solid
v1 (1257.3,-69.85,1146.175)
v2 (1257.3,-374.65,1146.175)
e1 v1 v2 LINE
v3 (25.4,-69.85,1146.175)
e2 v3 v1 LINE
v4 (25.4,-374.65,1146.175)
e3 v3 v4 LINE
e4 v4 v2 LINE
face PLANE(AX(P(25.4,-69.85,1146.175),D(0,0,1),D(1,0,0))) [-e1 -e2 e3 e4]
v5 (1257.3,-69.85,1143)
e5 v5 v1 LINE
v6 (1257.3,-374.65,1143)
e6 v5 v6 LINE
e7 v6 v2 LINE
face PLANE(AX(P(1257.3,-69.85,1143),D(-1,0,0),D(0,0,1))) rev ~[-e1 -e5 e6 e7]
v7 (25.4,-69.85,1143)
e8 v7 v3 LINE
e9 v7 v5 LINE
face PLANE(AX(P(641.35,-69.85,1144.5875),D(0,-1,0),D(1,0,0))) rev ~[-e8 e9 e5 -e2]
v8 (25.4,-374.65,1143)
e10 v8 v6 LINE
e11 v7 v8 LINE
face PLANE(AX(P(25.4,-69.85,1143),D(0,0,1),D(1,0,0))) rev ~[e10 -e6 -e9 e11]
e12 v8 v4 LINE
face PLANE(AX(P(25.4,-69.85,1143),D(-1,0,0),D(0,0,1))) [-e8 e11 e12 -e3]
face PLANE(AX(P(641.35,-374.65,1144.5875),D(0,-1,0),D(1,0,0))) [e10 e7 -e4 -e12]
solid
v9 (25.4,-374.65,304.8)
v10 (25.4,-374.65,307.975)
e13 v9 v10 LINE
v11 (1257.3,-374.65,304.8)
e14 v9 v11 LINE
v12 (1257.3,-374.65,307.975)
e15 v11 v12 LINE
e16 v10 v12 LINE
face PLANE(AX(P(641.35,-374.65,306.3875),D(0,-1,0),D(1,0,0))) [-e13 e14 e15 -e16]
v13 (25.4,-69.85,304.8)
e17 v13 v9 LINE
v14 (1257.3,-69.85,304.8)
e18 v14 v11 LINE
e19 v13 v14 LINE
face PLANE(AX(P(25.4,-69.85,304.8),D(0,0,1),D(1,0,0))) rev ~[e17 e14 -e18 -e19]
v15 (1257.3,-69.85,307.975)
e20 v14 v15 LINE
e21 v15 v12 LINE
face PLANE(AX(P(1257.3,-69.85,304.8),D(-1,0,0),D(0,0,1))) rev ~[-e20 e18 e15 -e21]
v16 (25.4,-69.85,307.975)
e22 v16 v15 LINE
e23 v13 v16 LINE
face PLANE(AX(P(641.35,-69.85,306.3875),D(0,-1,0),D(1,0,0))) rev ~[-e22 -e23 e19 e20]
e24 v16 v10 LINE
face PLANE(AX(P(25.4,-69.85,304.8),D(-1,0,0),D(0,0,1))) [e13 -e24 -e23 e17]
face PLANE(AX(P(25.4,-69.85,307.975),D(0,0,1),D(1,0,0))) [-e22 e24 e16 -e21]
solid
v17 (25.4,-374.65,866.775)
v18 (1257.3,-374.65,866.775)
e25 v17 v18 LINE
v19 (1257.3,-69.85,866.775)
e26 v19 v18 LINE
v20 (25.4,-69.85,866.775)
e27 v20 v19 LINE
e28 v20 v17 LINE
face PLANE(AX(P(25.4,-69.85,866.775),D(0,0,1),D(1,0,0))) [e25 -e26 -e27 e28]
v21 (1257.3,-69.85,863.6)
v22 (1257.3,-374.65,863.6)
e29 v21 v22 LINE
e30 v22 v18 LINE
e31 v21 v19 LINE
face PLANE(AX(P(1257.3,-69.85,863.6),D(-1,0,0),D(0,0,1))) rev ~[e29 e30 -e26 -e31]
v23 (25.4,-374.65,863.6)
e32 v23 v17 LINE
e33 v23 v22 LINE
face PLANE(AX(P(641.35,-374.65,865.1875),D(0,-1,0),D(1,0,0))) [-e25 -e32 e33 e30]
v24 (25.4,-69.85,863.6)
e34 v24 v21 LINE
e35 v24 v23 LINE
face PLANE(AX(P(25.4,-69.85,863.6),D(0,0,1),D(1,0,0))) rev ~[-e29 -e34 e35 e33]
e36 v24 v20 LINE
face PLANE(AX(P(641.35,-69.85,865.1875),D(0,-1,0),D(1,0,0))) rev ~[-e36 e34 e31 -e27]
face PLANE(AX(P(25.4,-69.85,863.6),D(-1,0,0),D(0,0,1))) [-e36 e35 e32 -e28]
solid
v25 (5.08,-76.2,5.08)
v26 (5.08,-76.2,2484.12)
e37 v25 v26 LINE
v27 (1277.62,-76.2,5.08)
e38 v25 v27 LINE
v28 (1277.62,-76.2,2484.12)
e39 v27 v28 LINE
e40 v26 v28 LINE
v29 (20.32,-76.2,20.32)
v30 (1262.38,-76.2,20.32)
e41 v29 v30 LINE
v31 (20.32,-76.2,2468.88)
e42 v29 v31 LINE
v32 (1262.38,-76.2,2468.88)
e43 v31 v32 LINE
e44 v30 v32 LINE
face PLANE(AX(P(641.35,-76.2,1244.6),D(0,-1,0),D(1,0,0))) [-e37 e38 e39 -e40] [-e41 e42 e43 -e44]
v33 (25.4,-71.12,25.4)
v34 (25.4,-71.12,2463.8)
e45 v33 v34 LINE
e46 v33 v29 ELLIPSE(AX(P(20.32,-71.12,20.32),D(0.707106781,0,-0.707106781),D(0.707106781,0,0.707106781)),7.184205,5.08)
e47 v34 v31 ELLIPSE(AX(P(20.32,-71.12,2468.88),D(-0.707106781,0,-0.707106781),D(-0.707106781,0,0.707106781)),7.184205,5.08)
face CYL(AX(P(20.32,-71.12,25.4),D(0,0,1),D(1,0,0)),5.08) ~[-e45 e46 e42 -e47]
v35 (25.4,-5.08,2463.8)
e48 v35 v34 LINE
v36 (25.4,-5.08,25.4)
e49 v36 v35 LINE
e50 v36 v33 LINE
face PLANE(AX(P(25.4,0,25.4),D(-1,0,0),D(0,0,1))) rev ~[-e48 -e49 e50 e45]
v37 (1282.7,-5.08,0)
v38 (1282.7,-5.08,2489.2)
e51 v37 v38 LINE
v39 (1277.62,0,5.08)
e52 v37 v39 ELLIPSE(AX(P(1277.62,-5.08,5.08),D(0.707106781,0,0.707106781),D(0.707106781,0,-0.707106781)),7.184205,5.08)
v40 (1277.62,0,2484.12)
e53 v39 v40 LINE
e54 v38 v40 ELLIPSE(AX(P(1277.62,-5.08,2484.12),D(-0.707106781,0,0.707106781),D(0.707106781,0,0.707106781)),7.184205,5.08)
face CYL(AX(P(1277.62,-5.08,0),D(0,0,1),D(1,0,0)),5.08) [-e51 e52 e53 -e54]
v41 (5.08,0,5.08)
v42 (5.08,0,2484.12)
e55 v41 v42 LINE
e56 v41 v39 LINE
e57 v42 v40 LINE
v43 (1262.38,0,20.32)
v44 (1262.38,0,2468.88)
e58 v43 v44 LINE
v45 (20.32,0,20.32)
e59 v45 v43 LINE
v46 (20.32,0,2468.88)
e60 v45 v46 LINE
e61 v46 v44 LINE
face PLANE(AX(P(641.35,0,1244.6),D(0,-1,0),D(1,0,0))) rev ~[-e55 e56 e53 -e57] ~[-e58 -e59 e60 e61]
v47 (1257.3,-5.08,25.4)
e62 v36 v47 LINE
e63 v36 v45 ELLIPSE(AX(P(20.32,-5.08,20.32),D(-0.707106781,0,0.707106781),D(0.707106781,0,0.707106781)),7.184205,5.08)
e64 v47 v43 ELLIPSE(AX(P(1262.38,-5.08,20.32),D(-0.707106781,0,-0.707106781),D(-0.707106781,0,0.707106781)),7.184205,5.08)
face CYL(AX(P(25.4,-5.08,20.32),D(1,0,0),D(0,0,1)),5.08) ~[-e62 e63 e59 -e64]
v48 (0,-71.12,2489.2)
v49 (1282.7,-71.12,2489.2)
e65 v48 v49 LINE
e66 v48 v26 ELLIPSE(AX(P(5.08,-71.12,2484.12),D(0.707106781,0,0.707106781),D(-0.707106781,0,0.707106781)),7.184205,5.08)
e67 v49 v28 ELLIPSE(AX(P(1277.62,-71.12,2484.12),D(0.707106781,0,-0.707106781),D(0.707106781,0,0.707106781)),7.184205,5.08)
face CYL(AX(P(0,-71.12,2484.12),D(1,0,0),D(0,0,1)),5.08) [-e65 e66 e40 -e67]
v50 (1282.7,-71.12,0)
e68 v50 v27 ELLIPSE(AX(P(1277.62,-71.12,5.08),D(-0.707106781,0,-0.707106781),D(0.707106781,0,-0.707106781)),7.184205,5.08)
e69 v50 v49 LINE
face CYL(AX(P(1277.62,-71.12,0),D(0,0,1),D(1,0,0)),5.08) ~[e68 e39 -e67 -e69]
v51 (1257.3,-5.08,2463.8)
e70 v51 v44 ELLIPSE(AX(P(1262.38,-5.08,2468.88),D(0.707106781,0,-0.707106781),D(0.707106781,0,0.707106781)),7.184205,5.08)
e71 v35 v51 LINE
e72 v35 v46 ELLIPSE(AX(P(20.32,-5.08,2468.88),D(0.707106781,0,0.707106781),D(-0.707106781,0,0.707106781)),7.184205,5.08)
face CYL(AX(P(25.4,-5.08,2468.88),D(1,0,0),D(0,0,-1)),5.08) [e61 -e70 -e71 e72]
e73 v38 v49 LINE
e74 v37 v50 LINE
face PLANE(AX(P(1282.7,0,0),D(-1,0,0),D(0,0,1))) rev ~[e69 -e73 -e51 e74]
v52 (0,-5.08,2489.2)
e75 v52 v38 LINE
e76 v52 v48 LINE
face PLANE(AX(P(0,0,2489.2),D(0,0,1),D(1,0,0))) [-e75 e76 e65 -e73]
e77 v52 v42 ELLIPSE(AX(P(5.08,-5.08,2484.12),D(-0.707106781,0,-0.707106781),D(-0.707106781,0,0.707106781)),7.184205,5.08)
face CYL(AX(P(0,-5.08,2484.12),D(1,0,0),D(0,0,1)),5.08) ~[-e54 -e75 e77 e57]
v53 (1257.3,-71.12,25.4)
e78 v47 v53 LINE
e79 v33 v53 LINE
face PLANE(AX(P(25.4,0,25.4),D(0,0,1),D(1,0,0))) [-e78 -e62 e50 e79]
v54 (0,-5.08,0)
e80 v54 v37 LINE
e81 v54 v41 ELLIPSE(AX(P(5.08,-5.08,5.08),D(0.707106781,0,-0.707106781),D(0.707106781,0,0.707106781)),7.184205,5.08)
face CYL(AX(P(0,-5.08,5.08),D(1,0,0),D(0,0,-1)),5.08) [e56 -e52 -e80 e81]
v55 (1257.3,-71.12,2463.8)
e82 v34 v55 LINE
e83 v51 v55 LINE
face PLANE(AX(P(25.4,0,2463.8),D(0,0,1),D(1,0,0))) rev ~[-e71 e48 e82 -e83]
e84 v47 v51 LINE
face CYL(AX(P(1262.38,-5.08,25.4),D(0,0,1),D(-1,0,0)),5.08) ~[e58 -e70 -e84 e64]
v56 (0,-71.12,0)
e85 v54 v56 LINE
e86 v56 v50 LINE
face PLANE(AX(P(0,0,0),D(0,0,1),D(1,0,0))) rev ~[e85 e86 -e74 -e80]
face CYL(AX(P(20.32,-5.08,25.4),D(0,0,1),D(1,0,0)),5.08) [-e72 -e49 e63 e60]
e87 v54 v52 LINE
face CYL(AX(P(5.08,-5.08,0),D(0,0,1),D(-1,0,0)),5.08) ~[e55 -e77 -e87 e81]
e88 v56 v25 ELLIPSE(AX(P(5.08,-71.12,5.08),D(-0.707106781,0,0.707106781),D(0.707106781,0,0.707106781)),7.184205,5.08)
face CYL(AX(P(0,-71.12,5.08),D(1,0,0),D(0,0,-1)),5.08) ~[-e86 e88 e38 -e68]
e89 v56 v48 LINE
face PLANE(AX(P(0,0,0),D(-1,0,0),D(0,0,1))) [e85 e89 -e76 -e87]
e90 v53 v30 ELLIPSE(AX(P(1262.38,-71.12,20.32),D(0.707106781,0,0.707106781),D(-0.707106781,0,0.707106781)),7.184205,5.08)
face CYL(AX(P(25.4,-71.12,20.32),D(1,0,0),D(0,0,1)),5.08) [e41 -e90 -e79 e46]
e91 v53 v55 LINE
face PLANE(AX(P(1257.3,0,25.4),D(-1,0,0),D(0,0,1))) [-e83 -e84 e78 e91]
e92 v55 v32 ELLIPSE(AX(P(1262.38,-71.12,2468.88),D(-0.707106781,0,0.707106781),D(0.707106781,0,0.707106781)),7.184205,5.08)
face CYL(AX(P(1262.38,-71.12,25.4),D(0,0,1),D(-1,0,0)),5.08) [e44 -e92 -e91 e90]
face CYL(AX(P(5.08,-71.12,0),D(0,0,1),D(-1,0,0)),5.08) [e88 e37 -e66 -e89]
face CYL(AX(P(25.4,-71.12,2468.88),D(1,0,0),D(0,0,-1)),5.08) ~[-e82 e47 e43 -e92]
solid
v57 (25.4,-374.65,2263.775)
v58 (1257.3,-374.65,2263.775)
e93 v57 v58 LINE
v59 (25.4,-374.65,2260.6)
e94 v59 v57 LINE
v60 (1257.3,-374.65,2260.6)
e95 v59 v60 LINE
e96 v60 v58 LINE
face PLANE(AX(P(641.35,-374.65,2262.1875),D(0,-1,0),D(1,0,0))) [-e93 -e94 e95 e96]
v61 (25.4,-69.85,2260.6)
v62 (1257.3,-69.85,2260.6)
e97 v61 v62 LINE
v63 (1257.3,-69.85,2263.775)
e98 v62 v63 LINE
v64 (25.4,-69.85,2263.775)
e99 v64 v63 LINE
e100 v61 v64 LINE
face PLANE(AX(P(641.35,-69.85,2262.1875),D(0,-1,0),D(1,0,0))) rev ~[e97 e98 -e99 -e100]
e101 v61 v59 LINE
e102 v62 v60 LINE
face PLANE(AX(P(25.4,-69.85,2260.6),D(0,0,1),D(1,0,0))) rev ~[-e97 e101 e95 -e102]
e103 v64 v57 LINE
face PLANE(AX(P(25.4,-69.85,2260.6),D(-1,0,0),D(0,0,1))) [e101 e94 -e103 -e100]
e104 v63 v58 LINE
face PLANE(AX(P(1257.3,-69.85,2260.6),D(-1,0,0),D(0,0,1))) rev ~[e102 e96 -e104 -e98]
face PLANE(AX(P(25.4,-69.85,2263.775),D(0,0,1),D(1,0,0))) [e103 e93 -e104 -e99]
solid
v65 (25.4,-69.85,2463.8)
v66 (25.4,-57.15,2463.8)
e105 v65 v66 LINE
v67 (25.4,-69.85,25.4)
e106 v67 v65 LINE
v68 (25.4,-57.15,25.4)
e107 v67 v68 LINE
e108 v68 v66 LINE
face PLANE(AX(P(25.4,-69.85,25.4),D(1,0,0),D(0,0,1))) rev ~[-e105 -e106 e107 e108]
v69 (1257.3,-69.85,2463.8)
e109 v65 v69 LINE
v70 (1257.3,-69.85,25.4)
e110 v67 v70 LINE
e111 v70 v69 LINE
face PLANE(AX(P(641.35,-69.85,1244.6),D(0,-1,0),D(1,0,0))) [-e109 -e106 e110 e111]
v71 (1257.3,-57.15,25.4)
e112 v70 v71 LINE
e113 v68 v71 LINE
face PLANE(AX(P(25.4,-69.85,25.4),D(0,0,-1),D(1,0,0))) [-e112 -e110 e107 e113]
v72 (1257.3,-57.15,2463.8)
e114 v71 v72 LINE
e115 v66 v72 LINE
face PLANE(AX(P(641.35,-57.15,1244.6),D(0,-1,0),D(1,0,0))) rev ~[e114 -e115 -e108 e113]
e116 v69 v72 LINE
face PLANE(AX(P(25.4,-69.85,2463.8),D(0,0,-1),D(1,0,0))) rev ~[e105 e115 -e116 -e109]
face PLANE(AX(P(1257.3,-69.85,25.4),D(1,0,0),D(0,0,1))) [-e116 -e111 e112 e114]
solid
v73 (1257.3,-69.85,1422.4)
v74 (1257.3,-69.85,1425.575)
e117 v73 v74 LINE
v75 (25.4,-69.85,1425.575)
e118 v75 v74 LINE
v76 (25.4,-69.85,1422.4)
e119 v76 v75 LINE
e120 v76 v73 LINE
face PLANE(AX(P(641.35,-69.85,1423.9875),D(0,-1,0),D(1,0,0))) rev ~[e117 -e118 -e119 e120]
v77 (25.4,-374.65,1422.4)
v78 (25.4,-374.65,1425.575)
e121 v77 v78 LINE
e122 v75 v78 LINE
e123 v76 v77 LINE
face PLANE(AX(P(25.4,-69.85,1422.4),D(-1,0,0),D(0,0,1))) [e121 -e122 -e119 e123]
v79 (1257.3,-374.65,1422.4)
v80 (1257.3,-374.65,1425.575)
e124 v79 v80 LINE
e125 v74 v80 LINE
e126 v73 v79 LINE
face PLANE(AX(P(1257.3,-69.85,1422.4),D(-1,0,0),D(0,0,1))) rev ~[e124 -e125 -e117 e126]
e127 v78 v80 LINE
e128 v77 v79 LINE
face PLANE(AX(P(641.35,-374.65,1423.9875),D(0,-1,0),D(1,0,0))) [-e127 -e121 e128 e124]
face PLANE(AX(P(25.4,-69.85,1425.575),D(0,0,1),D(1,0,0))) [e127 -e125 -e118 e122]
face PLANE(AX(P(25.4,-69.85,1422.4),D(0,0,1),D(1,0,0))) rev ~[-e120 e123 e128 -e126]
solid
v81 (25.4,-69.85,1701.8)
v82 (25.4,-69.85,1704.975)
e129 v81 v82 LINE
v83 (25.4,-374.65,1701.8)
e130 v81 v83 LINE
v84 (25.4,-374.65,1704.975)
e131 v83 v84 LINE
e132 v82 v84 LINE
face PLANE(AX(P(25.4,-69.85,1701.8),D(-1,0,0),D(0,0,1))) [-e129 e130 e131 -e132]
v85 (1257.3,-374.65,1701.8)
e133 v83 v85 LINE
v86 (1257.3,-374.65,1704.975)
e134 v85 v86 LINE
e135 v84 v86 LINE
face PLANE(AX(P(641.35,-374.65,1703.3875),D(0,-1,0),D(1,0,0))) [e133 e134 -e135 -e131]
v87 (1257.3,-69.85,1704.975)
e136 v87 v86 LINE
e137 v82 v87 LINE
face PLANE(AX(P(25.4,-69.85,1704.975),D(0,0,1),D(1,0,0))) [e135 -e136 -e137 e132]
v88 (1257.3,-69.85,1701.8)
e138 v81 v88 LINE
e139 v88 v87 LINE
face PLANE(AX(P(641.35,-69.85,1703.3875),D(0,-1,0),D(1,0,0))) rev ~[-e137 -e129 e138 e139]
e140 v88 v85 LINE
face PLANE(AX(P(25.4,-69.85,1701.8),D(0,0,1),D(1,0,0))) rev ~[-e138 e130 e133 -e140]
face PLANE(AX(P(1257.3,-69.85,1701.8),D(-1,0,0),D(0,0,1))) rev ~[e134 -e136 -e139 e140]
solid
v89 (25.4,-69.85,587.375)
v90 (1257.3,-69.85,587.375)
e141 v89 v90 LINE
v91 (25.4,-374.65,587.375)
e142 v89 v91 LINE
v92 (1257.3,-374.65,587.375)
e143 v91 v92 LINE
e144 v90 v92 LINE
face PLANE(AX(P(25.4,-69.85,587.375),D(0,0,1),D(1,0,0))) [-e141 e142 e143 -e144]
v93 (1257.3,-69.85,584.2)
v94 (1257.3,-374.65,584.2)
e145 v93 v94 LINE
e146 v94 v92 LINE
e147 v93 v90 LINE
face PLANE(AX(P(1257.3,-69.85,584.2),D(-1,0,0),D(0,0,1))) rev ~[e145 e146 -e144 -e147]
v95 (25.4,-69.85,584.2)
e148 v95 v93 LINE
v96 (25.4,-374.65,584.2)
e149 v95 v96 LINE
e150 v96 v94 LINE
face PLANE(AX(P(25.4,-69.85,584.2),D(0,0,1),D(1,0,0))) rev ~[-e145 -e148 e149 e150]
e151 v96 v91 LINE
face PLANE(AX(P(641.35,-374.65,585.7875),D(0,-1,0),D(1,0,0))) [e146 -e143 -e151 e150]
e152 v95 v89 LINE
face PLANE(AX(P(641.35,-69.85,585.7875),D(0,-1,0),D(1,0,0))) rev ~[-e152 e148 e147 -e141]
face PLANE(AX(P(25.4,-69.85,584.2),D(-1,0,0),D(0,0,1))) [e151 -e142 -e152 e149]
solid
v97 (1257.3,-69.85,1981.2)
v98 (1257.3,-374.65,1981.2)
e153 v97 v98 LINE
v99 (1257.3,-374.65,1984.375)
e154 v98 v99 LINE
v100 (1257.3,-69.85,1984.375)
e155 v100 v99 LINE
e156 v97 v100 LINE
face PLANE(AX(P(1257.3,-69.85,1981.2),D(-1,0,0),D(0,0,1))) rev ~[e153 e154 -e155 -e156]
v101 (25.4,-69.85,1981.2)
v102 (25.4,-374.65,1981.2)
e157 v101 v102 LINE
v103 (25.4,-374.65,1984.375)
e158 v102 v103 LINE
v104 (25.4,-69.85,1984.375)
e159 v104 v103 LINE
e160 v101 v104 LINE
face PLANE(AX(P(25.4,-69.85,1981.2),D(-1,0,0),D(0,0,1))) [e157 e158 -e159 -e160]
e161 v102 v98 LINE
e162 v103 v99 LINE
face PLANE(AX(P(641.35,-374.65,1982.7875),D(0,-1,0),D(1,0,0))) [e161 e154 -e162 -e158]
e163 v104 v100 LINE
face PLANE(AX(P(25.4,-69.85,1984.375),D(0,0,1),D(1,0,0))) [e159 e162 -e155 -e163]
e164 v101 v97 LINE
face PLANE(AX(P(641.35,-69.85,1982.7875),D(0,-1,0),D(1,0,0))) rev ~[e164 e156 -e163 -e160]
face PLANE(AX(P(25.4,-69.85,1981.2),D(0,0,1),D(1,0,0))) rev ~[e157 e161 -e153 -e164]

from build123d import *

# Parameters (mm, degrees)
F0_W     = 1282.7
F0_H     = 2489.2
F0_W_2   = 1231.9
F0_H_2   = 2438.4
F1_DEPTH = 76.2
F2_R     = 5.08
F4_W     = 1231.9
F4_H     = 2438.4
F5_DEPTH = 12.7
F6_W     = 1231.9
F6_H     = 3.175
F7_DEPTH = 304.8


with BuildPart() as f1:
    # F0 (on Front) → F1 (new body)
    with BuildSketch(Plane.XZ):
        with Locations((641.35, 1244.6)):
            Rectangle(F0_W, F0_H)
        with Locations((641.35, 1244.6)):
            Rectangle(F0_W_2, F0_H_2, mode=Mode.SUBTRACT)
    extrude(amount=F1_DEPTH)

    # F2
    f2_edges = [f1.edges().sort_by_distance(p)[0] for p in [
        (0, -76.2, 1244.6),
        (641.35, -76.2, 0),
        (1282.7, -76.2, 1244.6),
        (641.35, -76.2, 2489.2),
        (25.4, -76.2, 1244.6),
        (641.35, -76.2, 2463.8),
        (1257.3, -76.2, 1244.6),
        (641.35, -76.2, 25.4),
        (0, 0, 1244.6),
        (641.35, 0, 0),
        (1282.7, 0, 1244.6),
        (641.35, 0, 2489.2),
        (25.4, 0, 1244.6),
        (641.35, 0, 2463.8),
        (1257.3, 0, 1244.6),
        (641.35, 0, 25.4),
    ]]
    fillet(f2_edges, radius=F2_R)


with BuildPart() as f5:
    # F4 (on offset) → F5 (new body)
    with BuildSketch(Plane.XZ.offset(69.85)):
        with Locations((641.35, 1244.6)):
            Rectangle(F4_W, F4_H)
    extrude(amount=-F5_DEPTH)


with BuildPart() as f7:
    # F6 (on face) → F7 (new body)
    with BuildSketch(Plane.XZ.offset(69.85)):
        with Locations((641.35, 306.3875)):
            Rectangle(F6_W, F6_H)
    extrude(amount=F7_DEPTH)


with BuildPart() as f7b:
    # F6 (on face) → F7, piece 2 (new body)
    with BuildSketch(Plane.XZ.offset(69.85)):
        with Locations((641.35, 585.7875)):
            Rectangle(F6_W, F6_H)
    extrude(amount=F7_DEPTH)


with BuildPart() as f7c:
    # F6 (on face) → F7, piece 3 (new body)
    with BuildSketch(Plane.XZ.offset(69.85)):
        with Locations((641.35, 865.1875)):
            Rectangle(F6_W, F6_H)
    extrude(amount=F7_DEPTH)


with BuildPart() as f7d:
    # F6 (on face) → F7, piece 4 (new body)
    with BuildSketch(Plane.XZ.offset(69.85)):
        with Locations((641.35, 1144.5875)):
            Rectangle(F6_W, F6_H)
    extrude(amount=F7_DEPTH)


with BuildPart() as f7e:
    # F6 (on face) → F7, piece 5 (new body)
    with BuildSketch(Plane.XZ.offset(69.85)):
        with Locations((641.35, 1423.9875)):
            Rectangle(F6_W, F6_H)
    extrude(amount=F7_DEPTH)


with BuildPart() as f7f:
    # F6 (on face) → F7, piece 6 (new body)
    with BuildSketch(Plane.XZ.offset(69.85)):
        with Locations((641.35, 1703.3875)):
            Rectangle(F6_W, F6_H)
    extrude(amount=F7_DEPTH)


with BuildPart() as f7g:
    # F6 (on face) → F7, piece 7 (new body)
    with BuildSketch(Plane.XZ.offset(69.85)):
        with Locations((641.35, 1982.7875)):
            Rectangle(F6_W, F6_H)
    extrude(amount=F7_DEPTH)


with BuildPart() as f7h:
    # F6 (on face) → F7, piece 8 (new body)
    with BuildSketch(Plane.XZ.offset(69.85)):
        with Locations((641.35, 2262.1875)):
            Rectangle(F6_W, F6_H)
    extrude(amount=F7_DEPTH)


solid = Compound([f1.part, f5.part, f7.part, f7b.part, f7c.part, f7d.part, f7e.part, f7f.part, f7g.part, f7h.part])
